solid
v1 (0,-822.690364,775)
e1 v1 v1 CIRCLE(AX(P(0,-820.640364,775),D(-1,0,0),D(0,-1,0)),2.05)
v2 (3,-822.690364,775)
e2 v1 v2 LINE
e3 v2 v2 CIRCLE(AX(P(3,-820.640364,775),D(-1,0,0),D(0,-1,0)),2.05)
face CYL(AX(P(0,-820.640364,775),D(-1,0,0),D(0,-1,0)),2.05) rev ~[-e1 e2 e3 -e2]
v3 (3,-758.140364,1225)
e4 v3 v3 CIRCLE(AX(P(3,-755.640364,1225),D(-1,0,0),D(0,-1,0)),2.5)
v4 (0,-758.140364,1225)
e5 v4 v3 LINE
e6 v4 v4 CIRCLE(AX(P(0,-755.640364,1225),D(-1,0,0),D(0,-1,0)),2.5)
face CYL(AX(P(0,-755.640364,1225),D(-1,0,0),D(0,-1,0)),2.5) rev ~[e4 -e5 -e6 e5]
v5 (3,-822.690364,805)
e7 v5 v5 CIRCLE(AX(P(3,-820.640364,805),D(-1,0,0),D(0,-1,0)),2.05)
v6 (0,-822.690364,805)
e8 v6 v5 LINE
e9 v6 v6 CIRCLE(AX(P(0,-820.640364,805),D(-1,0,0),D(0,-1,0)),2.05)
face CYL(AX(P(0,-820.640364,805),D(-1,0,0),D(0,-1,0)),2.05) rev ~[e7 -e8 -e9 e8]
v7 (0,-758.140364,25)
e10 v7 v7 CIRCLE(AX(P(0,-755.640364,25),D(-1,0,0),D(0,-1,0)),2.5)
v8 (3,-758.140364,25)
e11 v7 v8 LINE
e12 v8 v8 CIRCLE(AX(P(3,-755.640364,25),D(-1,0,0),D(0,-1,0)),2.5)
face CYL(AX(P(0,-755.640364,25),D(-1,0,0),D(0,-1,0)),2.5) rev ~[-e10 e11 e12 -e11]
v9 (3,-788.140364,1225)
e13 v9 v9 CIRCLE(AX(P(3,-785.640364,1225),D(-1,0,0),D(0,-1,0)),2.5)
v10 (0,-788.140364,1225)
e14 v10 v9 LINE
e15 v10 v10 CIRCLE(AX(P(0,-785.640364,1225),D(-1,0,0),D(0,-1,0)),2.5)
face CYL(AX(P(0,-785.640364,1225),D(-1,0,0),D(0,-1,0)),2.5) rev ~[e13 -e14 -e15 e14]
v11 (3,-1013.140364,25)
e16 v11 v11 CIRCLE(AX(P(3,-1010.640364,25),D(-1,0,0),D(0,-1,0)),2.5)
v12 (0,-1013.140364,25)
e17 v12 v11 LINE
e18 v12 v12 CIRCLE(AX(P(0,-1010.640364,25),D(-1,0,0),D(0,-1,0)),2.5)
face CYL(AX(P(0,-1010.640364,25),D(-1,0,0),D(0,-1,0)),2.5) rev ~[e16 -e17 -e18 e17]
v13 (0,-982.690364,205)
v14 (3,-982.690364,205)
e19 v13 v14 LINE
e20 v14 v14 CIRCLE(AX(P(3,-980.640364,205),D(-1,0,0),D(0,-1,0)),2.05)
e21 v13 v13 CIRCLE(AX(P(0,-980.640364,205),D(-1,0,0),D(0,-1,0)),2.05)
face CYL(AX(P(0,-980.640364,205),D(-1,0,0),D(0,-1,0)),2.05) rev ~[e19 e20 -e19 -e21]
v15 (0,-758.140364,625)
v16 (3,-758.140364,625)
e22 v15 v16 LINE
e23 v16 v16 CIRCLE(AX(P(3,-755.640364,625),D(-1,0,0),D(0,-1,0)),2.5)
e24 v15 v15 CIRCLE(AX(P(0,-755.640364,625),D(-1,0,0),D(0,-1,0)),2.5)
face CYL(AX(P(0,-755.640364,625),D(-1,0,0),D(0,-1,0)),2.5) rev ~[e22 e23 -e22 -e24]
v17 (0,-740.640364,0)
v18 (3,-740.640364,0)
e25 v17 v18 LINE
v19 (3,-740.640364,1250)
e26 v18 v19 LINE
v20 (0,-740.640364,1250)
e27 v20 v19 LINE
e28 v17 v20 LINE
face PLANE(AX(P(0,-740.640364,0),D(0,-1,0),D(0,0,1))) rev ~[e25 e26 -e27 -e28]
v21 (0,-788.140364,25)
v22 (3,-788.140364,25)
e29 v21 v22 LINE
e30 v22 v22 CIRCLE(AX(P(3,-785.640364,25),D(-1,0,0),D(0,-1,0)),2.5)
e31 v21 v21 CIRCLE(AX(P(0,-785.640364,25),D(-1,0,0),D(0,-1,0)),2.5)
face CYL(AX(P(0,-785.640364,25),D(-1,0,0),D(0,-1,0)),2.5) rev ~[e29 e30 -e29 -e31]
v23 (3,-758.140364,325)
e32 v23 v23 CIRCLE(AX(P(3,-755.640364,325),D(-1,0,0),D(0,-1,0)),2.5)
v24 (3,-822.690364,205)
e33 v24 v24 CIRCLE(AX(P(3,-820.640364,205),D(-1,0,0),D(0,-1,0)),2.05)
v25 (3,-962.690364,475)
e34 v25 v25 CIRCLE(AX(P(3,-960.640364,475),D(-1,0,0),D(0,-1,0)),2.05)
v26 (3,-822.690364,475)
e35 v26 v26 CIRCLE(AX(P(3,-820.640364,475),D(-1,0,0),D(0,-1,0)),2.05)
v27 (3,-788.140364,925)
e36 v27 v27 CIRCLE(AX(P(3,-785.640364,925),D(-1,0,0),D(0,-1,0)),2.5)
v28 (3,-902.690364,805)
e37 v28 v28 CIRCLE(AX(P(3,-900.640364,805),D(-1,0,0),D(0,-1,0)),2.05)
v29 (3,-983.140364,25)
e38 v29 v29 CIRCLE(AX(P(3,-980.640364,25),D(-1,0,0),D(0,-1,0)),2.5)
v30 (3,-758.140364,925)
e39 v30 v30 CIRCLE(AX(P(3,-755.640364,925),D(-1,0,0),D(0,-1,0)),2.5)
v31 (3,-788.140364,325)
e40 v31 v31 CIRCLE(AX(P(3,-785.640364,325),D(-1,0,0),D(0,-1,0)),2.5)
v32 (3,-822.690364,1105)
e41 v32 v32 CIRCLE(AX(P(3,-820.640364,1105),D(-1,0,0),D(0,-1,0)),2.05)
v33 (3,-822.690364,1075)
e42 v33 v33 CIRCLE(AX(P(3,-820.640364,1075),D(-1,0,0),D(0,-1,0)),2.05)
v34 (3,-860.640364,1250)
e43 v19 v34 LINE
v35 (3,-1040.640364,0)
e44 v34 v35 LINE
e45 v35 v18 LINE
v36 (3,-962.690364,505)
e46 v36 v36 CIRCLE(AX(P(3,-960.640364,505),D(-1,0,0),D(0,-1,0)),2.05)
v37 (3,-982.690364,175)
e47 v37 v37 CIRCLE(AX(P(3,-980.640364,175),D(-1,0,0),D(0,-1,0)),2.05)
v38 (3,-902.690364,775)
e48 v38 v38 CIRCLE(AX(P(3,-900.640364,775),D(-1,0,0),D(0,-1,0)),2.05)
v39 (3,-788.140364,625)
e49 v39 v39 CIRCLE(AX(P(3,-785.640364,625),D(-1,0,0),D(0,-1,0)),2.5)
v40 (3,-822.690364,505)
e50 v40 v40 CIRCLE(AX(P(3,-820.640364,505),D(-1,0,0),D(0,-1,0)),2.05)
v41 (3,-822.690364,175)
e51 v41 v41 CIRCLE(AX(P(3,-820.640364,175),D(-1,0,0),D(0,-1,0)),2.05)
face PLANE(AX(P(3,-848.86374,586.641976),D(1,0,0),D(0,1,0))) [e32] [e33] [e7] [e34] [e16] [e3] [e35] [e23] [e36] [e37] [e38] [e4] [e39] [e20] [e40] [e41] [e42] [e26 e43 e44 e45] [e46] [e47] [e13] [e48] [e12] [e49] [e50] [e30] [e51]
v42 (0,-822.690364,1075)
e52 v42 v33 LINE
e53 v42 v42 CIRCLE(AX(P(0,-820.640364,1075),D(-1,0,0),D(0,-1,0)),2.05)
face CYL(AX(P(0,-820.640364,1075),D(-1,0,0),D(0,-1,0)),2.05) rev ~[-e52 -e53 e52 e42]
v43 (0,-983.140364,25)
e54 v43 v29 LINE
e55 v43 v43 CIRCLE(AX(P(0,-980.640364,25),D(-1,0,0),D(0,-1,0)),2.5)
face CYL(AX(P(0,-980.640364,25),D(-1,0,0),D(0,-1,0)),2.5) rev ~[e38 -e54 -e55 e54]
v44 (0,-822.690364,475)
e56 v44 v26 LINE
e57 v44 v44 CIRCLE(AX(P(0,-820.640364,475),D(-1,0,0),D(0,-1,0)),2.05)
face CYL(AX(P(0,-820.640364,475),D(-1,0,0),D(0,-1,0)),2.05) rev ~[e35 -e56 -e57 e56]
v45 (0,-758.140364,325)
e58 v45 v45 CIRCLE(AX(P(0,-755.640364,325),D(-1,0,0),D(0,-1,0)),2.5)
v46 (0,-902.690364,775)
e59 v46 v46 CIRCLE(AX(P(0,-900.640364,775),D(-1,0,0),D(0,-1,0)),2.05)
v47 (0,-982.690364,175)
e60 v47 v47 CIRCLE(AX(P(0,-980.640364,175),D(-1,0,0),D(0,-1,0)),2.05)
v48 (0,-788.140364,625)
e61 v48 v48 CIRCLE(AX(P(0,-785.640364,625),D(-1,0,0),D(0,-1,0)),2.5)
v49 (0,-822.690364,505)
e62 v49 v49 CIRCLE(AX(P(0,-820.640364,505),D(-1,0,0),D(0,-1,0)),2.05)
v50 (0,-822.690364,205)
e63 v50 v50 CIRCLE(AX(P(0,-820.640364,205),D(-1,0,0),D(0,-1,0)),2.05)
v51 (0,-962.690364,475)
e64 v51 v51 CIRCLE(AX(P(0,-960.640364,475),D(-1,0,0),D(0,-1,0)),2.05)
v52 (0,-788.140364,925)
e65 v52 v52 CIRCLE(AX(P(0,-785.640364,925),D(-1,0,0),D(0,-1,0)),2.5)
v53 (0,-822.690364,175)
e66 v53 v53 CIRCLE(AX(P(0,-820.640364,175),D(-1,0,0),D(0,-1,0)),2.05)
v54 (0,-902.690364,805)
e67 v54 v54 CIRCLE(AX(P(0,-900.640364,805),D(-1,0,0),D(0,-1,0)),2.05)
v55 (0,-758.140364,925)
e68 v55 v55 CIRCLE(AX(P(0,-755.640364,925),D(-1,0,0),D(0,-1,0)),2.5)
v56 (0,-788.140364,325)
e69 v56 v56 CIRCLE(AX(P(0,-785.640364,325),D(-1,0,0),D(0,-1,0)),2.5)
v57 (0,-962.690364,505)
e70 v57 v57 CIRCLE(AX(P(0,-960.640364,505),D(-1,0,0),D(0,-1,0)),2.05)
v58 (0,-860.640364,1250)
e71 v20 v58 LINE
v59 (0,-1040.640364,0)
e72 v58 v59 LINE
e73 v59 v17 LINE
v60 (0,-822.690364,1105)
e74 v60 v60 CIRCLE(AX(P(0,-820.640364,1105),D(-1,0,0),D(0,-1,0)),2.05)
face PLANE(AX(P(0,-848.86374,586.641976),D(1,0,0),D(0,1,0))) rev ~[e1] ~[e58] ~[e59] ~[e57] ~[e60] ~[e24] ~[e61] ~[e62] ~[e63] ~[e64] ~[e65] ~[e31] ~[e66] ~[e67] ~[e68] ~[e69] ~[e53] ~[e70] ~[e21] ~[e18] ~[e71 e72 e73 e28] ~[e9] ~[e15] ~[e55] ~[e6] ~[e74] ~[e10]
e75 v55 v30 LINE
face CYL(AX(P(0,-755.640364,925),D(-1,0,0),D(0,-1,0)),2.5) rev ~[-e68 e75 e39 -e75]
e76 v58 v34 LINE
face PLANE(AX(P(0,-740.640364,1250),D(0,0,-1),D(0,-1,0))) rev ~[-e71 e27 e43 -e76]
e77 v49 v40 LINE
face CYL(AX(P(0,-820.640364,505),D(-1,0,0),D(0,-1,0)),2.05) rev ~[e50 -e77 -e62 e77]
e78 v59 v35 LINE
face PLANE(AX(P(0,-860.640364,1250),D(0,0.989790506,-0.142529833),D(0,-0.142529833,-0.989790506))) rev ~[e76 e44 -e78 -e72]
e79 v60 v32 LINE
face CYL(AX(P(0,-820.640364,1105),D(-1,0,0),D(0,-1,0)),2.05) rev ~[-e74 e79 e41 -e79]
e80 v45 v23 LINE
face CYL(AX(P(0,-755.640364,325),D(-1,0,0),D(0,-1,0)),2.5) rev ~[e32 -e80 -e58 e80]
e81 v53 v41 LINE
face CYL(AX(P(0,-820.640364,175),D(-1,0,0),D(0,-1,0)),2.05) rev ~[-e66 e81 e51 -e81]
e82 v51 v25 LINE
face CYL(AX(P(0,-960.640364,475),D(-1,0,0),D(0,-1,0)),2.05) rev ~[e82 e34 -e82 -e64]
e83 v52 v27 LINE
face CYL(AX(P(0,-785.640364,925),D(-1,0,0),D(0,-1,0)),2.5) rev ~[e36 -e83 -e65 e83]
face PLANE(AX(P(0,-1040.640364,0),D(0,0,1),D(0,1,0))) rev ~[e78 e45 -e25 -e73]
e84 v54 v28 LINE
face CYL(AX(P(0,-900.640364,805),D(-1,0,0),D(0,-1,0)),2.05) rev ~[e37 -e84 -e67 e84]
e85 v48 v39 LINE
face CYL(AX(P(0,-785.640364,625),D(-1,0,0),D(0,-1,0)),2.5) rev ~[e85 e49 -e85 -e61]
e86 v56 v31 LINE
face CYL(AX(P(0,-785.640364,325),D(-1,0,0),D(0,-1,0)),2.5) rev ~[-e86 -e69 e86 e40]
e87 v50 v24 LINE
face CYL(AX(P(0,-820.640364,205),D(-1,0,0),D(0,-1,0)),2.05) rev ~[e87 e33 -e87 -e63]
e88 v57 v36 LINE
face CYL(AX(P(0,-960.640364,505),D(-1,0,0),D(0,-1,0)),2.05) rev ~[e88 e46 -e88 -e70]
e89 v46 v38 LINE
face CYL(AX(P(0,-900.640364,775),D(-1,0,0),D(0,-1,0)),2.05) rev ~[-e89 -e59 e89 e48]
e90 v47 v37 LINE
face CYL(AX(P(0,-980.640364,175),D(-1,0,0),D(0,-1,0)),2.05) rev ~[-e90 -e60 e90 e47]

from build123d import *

# Parameters (mm, degrees)
F1_DEPTH = 3
F2_R     = 2.5
F2_R_2   = 2.05
F3_DEPTH = 25


with BuildPart() as f1:
    # F0 (on Right) → F1 (new body)
    with BuildSketch(Plane.YZ):
        Polygon((-740.640364, 0), (-740.640364, 1250), (-860.640364, 1250), (-1040.640364, 0), align=None)
    extrude(amount=F1_DEPTH)

    # F2 (on face) → F3 (cut)
    with BuildSketch(Plane(origin=(0, 0, 0), x_dir=(0, -1, 0), z_dir=(-1, 0, 0))):
        with Locations((755.640364, 25)):
            Circle(F2_R)
        with Locations((785.640364, 25)):
            Circle(F2_R)
        with Locations((755.640364, 325)):
            Circle(F2_R)
        with Locations((785.640364, 325)):
            Circle(F2_R)
        with Locations((755.640364, 625)):
            Circle(F2_R)
        with Locations((785.640364, 625)):
            Circle(F2_R)
        with Locations((755.640364, 925)):
            Circle(F2_R)
        with Locations((785.640364, 925)):
            Circle(F2_R)
        with Locations((755.640364, 1225)):
            Circle(F2_R)
        with Locations((785.640364, 1225)):
            Circle(F2_R)
        with Locations((820.640364, 175)):
            Circle(F2_R_2)
        with Locations((820.640364, 205)):
            Circle(F2_R_2)
        with Locations((820.640364, 505)):
            Circle(F2_R_2)
        with Locations((820.640364, 475)):
            Circle(F2_R_2)
        with Locations((820.640364, 805)):
            Circle(F2_R_2)
        with Locations((820.640364, 775)):
            Circle(F2_R_2)
        with Locations((820.640364, 1105)):
            Circle(F2_R_2)
        with Locations((820.640364, 1075)):
            Circle(F2_R_2)
        with Locations((980.640364, 25)):
            Circle(F2_R)
        with Locations((1010.640364, 25)):
            Circle(F2_R)
        with Locations((980.640364, 175)):
            Circle(F2_R_2)
        with Locations((980.640364, 205)):
            Circle(F2_R_2)
        with Locations((960.640364, 475)):
            Circle(F2_R_2)
        with Locations((960.640364, 505)):
            Circle(F2_R_2)
        with Locations((900.640364, 775)):
            Circle(F2_R_2)
        with Locations((900.640364, 805)):
            Circle(F2_R_2)
    extrude(amount=-F3_DEPTH, mode=Mode.SUBTRACT)


solid = f1.part
